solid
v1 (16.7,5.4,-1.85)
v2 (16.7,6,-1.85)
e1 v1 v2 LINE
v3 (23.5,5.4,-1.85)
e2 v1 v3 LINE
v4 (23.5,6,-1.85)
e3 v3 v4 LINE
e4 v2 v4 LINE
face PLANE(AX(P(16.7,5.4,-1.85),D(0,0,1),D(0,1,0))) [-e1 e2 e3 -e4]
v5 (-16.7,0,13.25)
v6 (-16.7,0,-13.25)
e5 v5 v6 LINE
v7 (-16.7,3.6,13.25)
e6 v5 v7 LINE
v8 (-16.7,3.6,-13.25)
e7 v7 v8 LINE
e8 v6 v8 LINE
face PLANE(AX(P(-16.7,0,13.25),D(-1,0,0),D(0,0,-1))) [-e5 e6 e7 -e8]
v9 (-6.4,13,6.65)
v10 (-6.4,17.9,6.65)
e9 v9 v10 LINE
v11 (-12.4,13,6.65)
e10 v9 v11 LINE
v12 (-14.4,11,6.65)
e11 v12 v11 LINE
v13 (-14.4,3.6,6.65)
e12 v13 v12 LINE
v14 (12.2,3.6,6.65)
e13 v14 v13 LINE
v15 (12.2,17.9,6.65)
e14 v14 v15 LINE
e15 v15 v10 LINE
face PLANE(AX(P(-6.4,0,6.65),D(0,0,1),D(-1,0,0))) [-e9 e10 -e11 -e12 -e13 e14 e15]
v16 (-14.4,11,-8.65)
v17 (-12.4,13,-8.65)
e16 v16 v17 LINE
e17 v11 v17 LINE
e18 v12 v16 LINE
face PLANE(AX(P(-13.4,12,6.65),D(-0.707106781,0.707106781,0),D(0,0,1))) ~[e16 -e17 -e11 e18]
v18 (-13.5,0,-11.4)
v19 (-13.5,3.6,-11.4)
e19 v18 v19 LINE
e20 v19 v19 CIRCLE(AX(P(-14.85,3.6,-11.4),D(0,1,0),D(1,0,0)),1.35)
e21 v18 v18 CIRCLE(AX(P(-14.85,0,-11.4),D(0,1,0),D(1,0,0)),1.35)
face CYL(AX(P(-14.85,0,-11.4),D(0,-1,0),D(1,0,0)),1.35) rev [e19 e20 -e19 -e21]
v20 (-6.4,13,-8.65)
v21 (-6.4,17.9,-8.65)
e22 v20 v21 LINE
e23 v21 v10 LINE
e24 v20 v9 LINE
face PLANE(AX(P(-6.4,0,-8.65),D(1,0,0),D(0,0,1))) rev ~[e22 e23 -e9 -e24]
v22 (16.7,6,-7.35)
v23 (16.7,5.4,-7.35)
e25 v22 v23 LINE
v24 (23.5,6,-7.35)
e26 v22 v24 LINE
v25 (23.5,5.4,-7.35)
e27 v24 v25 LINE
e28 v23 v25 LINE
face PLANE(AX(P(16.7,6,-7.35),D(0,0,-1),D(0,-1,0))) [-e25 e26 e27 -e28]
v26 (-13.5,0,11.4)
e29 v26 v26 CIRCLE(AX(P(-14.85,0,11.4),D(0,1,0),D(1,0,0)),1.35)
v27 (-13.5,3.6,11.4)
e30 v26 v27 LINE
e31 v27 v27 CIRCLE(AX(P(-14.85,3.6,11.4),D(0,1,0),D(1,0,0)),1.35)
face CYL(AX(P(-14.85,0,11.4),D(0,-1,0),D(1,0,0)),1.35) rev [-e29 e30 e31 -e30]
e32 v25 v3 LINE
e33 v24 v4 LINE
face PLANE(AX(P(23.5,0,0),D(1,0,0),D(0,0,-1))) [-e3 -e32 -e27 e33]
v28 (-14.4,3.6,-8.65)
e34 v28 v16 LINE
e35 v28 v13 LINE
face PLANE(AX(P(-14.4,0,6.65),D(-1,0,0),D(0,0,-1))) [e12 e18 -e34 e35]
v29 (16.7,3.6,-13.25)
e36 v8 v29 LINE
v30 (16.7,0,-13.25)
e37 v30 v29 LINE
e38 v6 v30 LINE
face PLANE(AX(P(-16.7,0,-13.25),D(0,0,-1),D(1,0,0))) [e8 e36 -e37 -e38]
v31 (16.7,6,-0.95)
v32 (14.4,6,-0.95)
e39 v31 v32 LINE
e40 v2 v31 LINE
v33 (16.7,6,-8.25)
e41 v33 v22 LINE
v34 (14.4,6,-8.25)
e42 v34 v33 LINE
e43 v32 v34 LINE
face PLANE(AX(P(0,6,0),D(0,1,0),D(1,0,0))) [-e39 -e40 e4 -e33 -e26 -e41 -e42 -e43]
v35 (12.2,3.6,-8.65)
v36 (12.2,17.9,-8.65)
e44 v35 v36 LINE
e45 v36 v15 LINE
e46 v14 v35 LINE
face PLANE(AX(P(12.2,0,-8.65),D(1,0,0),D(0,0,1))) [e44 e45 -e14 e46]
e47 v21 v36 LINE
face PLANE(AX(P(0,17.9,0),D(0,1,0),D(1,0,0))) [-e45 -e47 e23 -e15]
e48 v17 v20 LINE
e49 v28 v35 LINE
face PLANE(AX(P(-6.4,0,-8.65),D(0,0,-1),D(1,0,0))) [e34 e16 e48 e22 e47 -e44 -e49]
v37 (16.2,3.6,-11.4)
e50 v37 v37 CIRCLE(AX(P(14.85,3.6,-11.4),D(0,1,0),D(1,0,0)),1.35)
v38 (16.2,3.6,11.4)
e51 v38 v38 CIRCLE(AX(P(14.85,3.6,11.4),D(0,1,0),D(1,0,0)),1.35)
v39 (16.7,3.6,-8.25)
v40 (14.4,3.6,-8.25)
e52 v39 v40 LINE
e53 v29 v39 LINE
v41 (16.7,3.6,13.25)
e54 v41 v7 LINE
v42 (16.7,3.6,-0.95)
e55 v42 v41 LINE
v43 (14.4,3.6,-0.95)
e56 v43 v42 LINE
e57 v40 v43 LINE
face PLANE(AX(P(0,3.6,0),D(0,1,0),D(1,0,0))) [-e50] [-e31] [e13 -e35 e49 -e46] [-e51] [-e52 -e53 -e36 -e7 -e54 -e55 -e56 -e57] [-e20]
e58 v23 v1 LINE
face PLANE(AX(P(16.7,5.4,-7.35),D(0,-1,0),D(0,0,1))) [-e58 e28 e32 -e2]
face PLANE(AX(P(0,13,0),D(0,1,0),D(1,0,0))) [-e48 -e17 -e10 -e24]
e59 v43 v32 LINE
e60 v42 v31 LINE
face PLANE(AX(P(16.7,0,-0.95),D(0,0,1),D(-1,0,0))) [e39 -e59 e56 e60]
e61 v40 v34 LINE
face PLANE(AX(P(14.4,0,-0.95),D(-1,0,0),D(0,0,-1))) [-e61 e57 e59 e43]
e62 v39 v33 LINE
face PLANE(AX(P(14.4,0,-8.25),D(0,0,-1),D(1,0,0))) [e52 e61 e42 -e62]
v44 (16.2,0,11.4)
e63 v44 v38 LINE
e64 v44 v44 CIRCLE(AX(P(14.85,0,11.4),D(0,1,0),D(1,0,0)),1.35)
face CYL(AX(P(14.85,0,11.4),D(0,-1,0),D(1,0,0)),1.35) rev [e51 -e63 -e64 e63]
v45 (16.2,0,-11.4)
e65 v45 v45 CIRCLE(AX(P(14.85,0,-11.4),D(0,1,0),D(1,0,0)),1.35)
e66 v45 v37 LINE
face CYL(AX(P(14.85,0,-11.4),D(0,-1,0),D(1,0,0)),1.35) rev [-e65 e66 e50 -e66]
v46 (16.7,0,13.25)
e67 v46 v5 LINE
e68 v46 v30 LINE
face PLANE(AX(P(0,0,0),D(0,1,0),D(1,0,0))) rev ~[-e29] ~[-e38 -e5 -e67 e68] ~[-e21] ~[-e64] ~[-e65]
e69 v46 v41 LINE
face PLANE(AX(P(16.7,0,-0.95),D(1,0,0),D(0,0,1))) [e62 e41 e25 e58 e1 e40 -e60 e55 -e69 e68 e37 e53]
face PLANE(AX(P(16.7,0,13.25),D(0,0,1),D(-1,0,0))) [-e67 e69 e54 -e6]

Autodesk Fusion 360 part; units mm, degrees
sketch "Boceto1" plane through (0, 0, 0) normal (0, 1, 0) x (1, 0, 0)
  line L0 (16.7, -13.25) -> (-16.7, -13.25)
  line L1 (-16.7, -13.25) -> (-16.7, 13.25)
  line L2 (-16.7, 13.25) -> (16.7, 13.25)
  line L3 (16.7, 13.25) -> (16.7, -13.25)
  line L4 (16.7, -13.25) -> (-16.7, 13.25) construction
  line L5 (-16.7, -13.25) -> (16.7, 13.25) construction
  line L6 (-14.4, 8.65) -> (12.2, 8.65)
  line L7 (12.2, 8.65) -> (12.2, -6.65)
  line L8 (12.2, -6.65) -> (-14.4, -6.65)
  line L9 (-14.4, -6.65) -> (-14.4, 8.65)
  line L10 (-6.4, 8.65) -> (-6.4, -6.65)
  circle A0 centre (-14.85, 11.4) radius 1.35
  circle A1 centre (14.85, 11.4) radius 1.35
  circle A2 centre (14.85, -11.4) radius 1.35
  circle A3 centre (-14.85, -11.4) radius 1.35
  line L11 (14.4, 8.25) -> (16.7, 8.25)
  line L12 (16.7, 8.25) -> (16.7, 0.95)
  line L13 (16.7, 0.95) -> (14.4, 0.95)
  line L14 (14.4, 0.95) -> (14.4, 8.25)
  dimension "d1" = 33.4
  dimension "d2" = 26.5
  dimension "d3" = 26.6
  dimension "d4" = 15.3
  dimension "d5" = 4.6
  dimension "d6" = 4.5
  dimension "d8" = 8
  dimension "d16" = 2.7
  dimension "d17" = 1.85
  dimension "d18" = 1.85
  dimension "d19" = 1.85
  dimension "d20" = 1.85
  dimension "d21" = 5
  dimension "d22" = 2.3
  dimension "d23" = 7.3
extrude "Extruir1" add sketch "Boceto1" along normal blind 3.6 contours L0 L1 L2 L3 L11 L13 L14 | L3 L11 L12 L13 L14 | L6 L8 L9 L10 | L6 L7 L8 L10
extrude "Extruir2" add sketch "Boceto1" along normal blind 17.9 contours L6 L7 L8 L10
extrude "Extruir3" add sketch "Boceto1" along normal blind 13 contours L6 L8 L9 L10
chamfer "Chaflán1" distance 2 angle 45 1 edges at (-14.4, 13, -1)
extrude "Extruir4" add sketch "Boceto1" along normal blind 6 contours L3 L11 L12 L13 L14
sketch "Boceto2" plane through (16.7, 0, 0) normal (1, 0, 0) x (0, 0, -1)
  line L0 (0.95, 3.6) -> (-13.25, 3.6)
  line L1 (-13.25, 3.6) -> (-13.25, 0)
  line L2 (-13.25, 0) -> (13.25, 0)
  line L3 (13.25, 0) -> (13.25, 3.6)
  line L4 (13.25, 3.6) -> (8.25, 3.6)
  line L5 (8.25, 3.6) -> (8.25, 6)
  line L6 (8.25, 6) -> (0.95, 6)
  line L7 (0.95, 6) -> (0.95, 3.6)
  line L8 (1.85, 6) -> (7.35, 6)
  line L9 (7.35, 6) -> (7.35, 5.4)
  line L10 (7.35, 5.4) -> (1.85, 5.4)
  line L11 (1.85, 5.4) -> (1.85, 6)
  point P0 (4.6, 6)
  point P1 (4.6, 6)
  dimension "d26" = 0.6
  dimension "d27" = 5.5
extrude "Extruir5" add sketch "Boceto2" along normal blind 6.8 contours L6 L8 L9 L10 L11
equation "d9 = 1.2 mm + 2.4 mm"
equation "d11 = 16.7 mm + 1.2 mm"
equation "d17 = 0.5 mm + ( ( 2.7 / 2 ) * 1 mm )"
equation "d18 = 0.5 mm + ( ( 2.7 / 2 ) * 1 mm )"
equation "d19 = 0.5 mm + ( ( 2.7 / 2 ) * 1 mm )"
equation "d20 = 0.5 mm + ( ( 2.7 / 2 ) * 1 mm )"
